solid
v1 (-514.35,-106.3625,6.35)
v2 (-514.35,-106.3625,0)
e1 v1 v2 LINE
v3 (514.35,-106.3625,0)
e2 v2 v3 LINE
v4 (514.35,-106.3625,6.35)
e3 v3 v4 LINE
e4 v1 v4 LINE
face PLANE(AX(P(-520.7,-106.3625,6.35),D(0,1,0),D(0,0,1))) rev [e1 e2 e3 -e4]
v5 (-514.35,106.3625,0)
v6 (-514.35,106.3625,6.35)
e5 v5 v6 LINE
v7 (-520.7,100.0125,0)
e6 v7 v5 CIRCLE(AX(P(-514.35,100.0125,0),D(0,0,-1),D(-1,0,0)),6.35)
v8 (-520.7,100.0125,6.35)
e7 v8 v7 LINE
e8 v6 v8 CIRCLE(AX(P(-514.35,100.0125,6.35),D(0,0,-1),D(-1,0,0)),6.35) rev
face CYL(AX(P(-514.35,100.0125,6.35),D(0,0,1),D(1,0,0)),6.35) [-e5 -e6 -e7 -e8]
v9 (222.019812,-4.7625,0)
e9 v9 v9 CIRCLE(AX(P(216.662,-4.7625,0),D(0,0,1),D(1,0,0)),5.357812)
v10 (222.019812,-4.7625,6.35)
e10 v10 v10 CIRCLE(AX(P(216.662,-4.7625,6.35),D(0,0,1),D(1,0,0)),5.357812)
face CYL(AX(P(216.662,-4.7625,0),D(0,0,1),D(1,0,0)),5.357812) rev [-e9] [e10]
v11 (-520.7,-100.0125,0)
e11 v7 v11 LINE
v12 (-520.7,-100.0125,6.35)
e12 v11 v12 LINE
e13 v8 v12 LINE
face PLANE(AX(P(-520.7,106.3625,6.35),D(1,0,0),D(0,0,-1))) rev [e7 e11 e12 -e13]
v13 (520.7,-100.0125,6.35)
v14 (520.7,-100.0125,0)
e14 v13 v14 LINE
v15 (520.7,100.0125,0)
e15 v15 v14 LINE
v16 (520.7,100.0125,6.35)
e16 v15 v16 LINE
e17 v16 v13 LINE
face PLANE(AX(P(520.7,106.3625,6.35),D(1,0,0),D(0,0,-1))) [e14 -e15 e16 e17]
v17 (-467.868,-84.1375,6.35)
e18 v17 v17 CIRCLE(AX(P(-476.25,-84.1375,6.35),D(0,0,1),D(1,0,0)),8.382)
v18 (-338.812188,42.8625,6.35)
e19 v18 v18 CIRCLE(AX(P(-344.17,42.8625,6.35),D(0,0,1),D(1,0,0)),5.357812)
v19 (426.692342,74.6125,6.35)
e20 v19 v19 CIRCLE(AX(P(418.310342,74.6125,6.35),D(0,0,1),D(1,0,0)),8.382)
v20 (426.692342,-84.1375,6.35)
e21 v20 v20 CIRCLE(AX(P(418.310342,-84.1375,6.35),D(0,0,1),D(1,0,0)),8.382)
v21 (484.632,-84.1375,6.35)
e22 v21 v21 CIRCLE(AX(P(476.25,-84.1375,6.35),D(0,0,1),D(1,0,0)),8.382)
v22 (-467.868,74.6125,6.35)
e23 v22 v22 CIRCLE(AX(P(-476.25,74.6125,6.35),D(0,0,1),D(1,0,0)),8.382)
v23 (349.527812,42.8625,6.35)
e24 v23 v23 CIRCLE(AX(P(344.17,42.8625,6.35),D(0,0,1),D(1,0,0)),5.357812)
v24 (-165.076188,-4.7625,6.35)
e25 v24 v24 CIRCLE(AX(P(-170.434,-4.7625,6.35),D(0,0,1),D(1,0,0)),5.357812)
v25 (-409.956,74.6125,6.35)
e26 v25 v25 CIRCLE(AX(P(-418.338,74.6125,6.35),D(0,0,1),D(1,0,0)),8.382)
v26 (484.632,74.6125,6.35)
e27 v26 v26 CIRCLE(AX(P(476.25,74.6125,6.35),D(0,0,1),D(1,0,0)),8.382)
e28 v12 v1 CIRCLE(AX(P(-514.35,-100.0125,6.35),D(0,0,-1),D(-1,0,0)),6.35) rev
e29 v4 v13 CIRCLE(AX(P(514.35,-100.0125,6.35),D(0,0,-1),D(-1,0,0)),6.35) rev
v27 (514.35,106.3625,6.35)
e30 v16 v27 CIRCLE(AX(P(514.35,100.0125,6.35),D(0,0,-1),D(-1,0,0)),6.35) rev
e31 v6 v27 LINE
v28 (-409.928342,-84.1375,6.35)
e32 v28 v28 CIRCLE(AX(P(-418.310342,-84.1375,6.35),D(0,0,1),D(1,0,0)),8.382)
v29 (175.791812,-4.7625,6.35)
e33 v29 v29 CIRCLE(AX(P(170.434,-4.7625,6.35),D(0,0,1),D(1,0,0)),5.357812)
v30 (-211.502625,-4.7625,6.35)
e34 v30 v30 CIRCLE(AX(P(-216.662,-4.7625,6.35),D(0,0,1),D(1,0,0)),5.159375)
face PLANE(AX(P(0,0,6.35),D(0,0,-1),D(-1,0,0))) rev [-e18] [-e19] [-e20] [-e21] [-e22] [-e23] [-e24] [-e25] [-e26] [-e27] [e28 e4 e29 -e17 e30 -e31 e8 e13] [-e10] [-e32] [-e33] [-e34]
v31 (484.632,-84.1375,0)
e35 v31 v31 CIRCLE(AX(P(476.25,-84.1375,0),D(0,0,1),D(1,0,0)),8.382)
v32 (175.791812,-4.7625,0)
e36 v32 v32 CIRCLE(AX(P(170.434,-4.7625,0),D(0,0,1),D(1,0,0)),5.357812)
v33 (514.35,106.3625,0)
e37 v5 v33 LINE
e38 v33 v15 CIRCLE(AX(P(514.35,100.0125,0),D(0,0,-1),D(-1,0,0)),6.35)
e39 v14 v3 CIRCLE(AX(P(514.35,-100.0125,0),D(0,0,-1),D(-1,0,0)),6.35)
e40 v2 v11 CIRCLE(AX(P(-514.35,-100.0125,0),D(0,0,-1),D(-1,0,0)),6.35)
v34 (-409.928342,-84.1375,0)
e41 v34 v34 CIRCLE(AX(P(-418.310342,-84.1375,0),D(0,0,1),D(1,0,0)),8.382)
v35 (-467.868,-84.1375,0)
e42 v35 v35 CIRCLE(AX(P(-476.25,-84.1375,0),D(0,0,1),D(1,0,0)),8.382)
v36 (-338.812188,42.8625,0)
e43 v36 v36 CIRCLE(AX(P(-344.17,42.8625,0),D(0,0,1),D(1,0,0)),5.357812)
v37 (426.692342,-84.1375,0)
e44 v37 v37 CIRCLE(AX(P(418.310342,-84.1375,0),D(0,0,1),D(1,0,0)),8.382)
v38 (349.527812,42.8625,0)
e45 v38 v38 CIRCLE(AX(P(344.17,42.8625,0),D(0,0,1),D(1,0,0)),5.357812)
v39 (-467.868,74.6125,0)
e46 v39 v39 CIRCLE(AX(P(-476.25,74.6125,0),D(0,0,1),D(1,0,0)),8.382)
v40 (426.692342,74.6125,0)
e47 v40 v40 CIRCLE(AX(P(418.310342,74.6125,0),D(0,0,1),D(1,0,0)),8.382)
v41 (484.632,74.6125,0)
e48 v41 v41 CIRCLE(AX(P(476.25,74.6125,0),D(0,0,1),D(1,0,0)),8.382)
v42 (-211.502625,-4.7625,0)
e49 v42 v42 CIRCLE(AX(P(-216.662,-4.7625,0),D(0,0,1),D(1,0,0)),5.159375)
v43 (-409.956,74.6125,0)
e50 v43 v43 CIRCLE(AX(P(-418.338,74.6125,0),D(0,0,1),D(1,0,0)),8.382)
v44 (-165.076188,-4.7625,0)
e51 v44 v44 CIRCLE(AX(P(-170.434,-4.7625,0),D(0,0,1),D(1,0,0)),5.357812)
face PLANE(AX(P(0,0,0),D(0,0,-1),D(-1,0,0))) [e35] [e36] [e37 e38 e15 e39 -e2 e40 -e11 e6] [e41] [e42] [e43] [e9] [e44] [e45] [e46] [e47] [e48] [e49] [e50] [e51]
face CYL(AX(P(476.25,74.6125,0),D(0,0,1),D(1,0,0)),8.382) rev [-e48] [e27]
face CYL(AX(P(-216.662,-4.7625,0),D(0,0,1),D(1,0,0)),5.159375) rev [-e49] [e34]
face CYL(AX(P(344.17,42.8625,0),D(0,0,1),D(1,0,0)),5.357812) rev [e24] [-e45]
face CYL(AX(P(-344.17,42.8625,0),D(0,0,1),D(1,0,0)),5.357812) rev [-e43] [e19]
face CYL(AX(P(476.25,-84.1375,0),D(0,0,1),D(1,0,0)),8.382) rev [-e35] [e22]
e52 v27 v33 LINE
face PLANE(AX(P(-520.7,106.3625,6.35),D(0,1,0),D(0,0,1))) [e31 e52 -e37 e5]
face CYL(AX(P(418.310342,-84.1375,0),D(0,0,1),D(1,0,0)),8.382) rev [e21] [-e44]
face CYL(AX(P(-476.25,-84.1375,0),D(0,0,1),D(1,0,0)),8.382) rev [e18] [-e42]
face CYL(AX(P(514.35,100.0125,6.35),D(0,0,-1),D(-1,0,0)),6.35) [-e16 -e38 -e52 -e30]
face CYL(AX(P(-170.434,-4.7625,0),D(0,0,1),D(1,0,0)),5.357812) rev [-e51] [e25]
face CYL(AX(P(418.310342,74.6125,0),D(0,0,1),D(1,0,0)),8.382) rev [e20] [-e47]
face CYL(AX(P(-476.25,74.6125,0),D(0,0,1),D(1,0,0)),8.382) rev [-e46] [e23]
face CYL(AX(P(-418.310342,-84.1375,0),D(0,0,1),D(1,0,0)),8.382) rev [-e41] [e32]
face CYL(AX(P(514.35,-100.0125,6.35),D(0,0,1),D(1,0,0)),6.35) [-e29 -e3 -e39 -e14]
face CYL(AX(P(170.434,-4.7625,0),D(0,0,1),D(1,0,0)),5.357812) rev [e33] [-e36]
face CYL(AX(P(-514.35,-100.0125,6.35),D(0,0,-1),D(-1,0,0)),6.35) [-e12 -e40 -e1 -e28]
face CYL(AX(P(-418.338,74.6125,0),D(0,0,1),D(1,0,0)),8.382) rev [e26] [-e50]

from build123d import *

# Parameters (mm, degrees)
SKETCH1_W           = 1041.4
SKETCH1_H           = 212.725
BOSS_EXTRUDE1_DEPTH = 6.35
SKETCH4_R           = 8.382
CUT_EXTRUDE1_DEPTH  = 532.490163508
SKETCH5_R           = 5.159375
SKETCH5_R_2         = 5.3578125
CUT_EXTRUDE2_DEPTH  = 532.490163508
FILLET1_R           = 6.35


with BuildPart() as part:
    # Sketch1 → Boss-Extrude1 (new body)
    with BuildSketch(Plane.XY):
        Rectangle(SKETCH1_W, SKETCH1_H)
    extrude(amount=BOSS_EXTRUDE1_DEPTH)

    # Sketch4 → Cut-Extrude1 (cut, through all)
    with BuildSketch(Plane.XY.offset(6.35)):
        with Locations((476.25, 74.6125)):
            Circle(SKETCH4_R)
        with Locations((418.310341604, 74.6125)):
            Circle(SKETCH4_R)
        with Locations((-476.25, 74.6125)):
            Circle(SKETCH4_R)
        with Locations((-418.338, 74.6125)):
            Circle(SKETCH4_R)
        with Locations((476.25, -84.1375)):
            Circle(SKETCH4_R)
        with Locations((418.310341686, -84.1375)):
            Circle(SKETCH4_R)
        with Locations((-476.25, -84.1375)):
            Circle(SKETCH4_R)
        with Locations((-418.310341686, -84.1375)):
            Circle(SKETCH4_R)
    extrude(amount=-CUT_EXTRUDE1_DEPTH, mode=Mode.SUBTRACT)

    # Sketch5 → Cut-Extrude2 (cut, through all)
    with BuildSketch(Plane.XY.offset(6.35)):
        with Locations((-216.662, -4.7625)):
            Circle(SKETCH5_R)
        with Locations((-170.434, -4.7625)):
            Circle(SKETCH5_R_2)
        with Locations((170.434, -4.7625)):
            Circle(SKETCH5_R_2)
        with Locations((216.662, -4.7625)):
            Circle(SKETCH5_R_2)
        with Locations((344.17, 42.8625)):
            Circle(SKETCH5_R_2)
        with Locations((-344.17, 42.8625)):
            Circle(SKETCH5_R_2)
    extrude(amount=-CUT_EXTRUDE2_DEPTH, mode=Mode.SUBTRACT)

    # Fillet1
    fillet1_edges = [part.edges().sort_by_distance(p)[0] for p in [
        (-520.7, -106.3625, 3.175),
        (-520.7, 106.3625, 3.175),
        (520.7, 106.3625, 3.175),
        (520.7, -106.3625, 3.175),
    ]]
    fillet(fillet1_edges, radius=FILLET1_R)


solid = part.part
